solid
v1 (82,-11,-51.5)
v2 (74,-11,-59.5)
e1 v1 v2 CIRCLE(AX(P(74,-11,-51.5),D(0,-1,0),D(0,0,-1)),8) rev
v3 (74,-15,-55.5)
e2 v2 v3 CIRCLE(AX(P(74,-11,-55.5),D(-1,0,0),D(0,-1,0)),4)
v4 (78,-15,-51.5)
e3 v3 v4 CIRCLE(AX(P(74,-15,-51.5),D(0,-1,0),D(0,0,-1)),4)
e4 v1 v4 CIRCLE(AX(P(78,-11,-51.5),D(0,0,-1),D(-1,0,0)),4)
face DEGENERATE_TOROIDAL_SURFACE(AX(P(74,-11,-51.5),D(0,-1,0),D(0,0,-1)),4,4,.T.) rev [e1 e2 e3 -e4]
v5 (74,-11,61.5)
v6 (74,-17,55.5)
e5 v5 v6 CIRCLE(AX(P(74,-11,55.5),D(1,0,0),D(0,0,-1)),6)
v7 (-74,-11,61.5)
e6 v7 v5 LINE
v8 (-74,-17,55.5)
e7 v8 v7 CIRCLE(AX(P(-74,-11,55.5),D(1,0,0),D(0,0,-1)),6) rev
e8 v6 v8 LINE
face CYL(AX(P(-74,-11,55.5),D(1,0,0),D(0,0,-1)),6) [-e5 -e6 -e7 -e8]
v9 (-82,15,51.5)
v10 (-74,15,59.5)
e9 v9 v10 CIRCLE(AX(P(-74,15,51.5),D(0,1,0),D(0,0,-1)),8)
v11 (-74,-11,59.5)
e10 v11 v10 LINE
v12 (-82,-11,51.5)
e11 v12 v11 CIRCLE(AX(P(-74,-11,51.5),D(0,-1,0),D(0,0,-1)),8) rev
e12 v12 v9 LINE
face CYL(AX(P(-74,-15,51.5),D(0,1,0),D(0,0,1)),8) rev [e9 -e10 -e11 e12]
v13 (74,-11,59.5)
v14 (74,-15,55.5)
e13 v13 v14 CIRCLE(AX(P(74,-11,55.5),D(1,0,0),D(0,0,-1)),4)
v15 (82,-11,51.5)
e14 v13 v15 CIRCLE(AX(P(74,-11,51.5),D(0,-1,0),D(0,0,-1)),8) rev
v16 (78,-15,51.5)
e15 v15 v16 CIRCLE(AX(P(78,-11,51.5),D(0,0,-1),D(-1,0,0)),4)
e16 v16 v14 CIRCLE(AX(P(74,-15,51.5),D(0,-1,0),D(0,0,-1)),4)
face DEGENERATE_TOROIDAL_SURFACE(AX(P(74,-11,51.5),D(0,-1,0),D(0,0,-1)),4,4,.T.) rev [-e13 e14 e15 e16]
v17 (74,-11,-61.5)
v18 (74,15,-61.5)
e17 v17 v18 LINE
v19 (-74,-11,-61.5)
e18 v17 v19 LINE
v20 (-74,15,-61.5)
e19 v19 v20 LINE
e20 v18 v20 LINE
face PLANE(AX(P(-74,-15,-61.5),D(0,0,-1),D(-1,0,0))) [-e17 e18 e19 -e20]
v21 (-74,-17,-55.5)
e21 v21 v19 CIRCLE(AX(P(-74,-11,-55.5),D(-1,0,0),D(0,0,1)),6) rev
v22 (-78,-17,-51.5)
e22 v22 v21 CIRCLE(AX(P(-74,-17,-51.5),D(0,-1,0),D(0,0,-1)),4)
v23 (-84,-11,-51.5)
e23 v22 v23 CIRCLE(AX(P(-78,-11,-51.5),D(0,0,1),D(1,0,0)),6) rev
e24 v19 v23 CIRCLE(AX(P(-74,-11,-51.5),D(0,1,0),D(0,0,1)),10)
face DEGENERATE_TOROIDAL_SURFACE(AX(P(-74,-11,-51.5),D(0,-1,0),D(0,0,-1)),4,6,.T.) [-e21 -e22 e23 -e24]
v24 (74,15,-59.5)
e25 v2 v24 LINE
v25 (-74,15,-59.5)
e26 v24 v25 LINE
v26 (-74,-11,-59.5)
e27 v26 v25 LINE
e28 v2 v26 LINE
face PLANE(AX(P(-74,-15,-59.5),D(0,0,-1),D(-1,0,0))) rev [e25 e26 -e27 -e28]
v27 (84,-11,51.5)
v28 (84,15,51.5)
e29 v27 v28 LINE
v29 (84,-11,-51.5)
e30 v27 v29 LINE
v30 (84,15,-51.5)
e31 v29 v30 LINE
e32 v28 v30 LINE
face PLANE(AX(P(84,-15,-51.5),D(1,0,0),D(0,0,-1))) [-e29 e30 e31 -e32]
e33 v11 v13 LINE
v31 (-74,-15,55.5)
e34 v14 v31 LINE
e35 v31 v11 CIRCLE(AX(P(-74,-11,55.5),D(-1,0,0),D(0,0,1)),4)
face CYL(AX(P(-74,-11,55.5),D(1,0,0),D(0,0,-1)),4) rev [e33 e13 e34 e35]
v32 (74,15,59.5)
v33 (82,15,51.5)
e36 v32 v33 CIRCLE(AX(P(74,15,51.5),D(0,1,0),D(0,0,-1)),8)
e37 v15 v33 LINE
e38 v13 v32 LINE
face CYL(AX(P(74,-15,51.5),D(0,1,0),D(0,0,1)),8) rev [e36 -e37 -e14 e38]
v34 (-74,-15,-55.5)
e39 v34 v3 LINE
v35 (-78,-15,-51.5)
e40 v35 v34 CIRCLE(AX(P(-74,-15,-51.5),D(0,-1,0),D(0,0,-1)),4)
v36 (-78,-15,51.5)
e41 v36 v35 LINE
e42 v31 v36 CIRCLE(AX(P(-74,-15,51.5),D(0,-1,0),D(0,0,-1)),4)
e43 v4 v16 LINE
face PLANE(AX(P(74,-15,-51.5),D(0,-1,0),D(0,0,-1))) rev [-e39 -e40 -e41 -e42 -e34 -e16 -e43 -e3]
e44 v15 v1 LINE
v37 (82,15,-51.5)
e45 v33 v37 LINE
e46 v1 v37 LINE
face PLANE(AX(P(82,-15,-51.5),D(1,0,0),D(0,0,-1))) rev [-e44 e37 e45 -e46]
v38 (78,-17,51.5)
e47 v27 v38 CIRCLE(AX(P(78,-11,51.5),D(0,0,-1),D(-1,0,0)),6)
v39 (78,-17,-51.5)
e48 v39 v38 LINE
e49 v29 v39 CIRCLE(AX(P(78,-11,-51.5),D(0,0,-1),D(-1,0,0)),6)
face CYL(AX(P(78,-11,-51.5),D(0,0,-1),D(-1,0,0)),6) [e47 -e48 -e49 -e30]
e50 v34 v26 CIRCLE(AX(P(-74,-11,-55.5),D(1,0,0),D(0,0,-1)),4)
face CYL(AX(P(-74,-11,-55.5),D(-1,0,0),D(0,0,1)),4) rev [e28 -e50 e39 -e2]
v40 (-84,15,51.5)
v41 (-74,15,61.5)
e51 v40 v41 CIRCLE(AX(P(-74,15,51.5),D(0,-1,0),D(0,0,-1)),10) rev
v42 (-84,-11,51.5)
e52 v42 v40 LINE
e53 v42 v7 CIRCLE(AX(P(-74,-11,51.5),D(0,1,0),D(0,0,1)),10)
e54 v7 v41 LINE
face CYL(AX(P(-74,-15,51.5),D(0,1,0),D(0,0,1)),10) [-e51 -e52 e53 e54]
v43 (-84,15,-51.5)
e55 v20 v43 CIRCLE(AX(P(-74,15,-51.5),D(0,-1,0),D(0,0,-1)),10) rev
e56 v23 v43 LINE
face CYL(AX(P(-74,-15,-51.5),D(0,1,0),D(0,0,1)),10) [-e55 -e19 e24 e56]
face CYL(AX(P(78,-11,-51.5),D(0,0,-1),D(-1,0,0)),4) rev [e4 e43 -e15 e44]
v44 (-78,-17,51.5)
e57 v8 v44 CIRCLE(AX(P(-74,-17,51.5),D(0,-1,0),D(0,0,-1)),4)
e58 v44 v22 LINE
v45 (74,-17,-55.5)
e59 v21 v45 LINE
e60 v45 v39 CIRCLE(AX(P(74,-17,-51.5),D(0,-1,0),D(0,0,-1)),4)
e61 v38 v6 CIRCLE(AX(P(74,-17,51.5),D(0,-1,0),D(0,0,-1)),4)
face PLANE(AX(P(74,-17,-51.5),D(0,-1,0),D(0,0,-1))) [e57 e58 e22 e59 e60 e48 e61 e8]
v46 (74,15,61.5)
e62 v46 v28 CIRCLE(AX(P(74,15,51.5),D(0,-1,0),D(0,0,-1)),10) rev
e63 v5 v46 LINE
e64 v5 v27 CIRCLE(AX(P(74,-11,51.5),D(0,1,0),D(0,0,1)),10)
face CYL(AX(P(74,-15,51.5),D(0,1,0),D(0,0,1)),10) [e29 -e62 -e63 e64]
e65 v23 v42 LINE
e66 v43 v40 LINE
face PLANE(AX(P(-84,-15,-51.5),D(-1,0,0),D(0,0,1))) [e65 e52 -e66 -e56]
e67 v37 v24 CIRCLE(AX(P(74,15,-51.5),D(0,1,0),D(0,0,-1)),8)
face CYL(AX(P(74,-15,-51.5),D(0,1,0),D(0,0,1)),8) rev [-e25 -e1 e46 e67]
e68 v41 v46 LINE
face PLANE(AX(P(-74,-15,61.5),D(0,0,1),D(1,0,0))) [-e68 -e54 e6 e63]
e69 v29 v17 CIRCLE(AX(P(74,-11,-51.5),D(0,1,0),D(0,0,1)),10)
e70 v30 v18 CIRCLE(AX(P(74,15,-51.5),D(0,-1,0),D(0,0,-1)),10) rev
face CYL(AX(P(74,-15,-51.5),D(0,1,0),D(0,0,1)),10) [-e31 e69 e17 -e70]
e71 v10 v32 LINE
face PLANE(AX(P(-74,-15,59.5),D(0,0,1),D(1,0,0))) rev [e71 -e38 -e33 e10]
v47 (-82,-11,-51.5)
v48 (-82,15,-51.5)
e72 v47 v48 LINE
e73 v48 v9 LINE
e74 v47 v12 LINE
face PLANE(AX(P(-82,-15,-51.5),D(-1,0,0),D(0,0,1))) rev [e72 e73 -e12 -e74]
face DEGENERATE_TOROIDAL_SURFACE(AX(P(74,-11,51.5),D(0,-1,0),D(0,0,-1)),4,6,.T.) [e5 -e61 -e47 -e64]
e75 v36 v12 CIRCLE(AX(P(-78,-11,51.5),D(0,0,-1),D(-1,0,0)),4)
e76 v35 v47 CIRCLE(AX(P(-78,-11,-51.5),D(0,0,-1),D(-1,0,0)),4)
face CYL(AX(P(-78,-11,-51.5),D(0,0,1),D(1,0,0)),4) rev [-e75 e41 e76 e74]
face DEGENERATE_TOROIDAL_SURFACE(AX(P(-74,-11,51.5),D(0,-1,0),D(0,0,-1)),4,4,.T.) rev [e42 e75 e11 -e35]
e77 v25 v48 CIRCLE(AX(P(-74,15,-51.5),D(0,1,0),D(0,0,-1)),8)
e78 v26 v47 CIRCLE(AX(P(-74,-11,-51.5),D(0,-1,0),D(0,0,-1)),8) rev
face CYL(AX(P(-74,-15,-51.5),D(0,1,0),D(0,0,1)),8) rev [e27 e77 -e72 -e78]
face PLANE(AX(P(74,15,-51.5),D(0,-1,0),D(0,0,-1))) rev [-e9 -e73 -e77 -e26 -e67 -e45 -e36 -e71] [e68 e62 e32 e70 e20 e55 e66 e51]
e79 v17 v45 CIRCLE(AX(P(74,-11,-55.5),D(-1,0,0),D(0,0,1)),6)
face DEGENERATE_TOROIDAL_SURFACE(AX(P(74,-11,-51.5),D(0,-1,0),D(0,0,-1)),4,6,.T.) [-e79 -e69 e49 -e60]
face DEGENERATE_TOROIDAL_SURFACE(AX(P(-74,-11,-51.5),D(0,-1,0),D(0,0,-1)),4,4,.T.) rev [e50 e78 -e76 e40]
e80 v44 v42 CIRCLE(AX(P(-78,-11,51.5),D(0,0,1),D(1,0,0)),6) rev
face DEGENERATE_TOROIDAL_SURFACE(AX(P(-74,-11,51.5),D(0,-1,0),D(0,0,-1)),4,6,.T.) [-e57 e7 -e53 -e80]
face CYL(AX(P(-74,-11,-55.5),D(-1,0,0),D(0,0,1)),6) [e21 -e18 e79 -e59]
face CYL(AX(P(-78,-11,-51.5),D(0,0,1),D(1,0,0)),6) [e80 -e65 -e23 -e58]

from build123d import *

# Parameters (mm, degrees)
BOSS_EXTRUDE1_DEPTH = 15
FILLET1_R           = 4
SHELL1_T            = 2


with BuildPart() as part:
    # Sketch1 → Boss-Extrude1 (new, symmetric)
    with BuildSketch(Plane(origin=(0, 0, 0), x_dir=(1, 0, 0), z_dir=(0, 1, 0))):
        with BuildLine():
            Line((-74, 59.5), (74, 59.5))
            ThreePointArc((74, 59.5), (79.656854249, 57.156854249), (82, 51.5))
            Line((82, 51.5), (82, -51.5))
            ThreePointArc((82, -51.5), (79.656854249, -57.156854249), (74, -59.5))
            Line((74, -59.5), (-74, -59.5))
            ThreePointArc((-74, -59.5), (-79.656854249, -57.156854249), (-82, -51.5))
            Line((-82, -51.5), (-82, 51.5))
            ThreePointArc((-82, 51.5), (-79.656854249, 57.156854249), (-74, 59.5))
        make_face()
    extrude(amount=BOSS_EXTRUDE1_DEPTH, both=True)

    # Fillet1
    fillet1_edges = [part.edges().sort_by_distance(p)[0] for p in [
        (-79.656854249, -15, -57.156854249),
        (-82, -15, 0),
        (-79.656854249, -15, 57.156854249),
        (0, -15, 59.5),
        (79.656854249, -15, 57.156854249),
        (82, -15, 0),
        (79.656854249, -15, -57.156854249),
        (0, -15, -59.5),
    ]]
    fillet(fillet1_edges, radius=FILLET1_R)

    # Shell1
    shell1_openings = [part.faces().sort_by_distance(p)[0] for p in [
        (0, 15, 0),
    ]]
    offset(amount=SHELL1_T, openings=shell1_openings, kind=Kind.INTERSECTION)


solid = part.part
